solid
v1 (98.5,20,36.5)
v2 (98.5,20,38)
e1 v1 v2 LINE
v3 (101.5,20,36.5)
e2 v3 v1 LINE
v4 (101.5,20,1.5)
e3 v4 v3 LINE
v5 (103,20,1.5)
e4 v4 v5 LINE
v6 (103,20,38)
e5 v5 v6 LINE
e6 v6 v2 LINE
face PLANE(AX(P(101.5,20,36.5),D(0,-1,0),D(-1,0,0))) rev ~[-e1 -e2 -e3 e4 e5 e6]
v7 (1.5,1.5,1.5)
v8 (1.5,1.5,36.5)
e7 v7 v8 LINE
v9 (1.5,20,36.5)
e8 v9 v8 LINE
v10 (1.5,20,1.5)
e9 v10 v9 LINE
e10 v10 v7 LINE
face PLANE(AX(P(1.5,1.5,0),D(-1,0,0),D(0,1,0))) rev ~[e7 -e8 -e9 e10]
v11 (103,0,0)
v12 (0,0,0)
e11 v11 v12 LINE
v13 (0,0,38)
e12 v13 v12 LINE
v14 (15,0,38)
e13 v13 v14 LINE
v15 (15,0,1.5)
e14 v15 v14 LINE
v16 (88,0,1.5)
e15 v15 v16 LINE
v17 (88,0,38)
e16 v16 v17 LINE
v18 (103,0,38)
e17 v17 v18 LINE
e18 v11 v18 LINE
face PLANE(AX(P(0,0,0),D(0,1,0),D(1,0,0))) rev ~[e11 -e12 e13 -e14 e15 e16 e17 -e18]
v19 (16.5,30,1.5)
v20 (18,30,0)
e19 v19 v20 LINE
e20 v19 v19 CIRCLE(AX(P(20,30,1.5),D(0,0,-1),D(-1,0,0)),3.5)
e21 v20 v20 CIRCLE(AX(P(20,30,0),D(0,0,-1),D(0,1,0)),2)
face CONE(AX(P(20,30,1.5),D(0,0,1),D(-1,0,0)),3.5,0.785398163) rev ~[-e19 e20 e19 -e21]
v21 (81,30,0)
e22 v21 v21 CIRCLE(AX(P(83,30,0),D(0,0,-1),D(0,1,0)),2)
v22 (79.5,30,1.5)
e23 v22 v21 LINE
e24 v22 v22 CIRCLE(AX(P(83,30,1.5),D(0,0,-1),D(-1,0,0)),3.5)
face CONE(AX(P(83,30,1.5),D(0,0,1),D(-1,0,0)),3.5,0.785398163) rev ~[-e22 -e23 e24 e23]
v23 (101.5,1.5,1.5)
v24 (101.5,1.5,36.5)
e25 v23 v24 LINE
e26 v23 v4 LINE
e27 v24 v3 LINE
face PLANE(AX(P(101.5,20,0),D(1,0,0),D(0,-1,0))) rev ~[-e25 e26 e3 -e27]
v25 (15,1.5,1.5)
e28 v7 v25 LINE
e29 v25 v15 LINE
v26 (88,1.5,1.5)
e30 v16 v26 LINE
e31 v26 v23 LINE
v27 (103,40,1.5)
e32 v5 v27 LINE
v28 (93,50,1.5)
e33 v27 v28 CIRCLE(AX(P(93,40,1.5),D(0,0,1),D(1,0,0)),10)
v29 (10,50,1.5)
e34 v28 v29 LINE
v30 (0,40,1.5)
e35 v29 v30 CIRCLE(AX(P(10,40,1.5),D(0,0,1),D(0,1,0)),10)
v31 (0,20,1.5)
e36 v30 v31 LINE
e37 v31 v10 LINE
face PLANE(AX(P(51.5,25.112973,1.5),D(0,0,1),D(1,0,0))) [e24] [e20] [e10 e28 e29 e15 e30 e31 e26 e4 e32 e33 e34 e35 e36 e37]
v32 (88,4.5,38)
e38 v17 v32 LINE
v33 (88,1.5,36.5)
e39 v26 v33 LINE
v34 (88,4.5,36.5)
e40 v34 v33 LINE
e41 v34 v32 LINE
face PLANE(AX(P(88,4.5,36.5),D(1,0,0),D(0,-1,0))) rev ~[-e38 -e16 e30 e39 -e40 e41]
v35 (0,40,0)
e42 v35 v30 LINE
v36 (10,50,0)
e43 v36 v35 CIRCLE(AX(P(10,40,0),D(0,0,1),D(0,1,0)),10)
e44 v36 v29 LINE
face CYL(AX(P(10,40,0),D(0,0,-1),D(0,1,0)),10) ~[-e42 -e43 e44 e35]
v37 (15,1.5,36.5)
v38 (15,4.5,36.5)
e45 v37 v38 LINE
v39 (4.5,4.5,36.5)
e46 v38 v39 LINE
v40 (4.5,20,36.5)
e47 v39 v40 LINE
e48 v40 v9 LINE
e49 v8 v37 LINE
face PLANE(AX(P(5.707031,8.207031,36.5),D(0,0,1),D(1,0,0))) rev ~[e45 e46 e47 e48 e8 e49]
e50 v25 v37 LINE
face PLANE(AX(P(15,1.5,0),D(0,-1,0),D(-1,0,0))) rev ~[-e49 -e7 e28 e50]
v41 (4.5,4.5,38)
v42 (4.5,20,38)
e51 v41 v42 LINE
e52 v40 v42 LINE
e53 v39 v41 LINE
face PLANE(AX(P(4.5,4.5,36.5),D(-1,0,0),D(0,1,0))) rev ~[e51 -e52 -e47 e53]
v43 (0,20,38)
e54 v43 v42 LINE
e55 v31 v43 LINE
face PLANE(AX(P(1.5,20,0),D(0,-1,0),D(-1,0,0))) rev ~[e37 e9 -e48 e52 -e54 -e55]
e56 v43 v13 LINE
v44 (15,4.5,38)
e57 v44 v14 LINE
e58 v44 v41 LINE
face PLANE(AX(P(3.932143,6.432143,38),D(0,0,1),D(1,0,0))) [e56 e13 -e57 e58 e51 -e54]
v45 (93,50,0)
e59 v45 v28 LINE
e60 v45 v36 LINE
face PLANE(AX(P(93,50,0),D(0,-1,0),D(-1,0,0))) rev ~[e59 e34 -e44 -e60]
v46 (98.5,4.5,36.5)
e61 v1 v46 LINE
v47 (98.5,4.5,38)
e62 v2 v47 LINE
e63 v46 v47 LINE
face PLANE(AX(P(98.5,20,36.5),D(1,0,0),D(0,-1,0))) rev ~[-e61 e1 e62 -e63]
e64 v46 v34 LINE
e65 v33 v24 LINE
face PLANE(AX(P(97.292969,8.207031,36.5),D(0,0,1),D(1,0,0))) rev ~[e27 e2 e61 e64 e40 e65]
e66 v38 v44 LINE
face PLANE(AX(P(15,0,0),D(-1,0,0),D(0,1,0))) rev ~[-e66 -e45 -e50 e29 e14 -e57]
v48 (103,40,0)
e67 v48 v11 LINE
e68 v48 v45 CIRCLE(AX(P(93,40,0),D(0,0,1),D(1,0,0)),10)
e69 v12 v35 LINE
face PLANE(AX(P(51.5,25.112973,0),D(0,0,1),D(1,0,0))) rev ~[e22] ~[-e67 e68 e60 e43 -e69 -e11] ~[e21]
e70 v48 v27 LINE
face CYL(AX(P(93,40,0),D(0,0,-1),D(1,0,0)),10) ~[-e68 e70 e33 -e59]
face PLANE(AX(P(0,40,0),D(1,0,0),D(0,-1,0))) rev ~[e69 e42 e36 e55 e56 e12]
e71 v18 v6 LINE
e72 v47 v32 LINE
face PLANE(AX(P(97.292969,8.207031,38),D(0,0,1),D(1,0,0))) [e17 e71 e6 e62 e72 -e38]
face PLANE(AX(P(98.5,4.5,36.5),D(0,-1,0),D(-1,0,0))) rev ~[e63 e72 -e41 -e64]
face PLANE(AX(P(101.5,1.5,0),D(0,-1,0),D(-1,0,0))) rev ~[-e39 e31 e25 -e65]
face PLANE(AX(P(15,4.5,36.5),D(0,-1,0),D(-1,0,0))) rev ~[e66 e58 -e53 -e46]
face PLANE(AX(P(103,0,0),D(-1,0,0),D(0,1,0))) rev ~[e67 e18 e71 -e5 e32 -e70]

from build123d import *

# Parameters (mm, degrees)
F3_DEPTH       = 1.5
F4_DEPTH       = 38
F5_START       = 36.5
F5_DEPTH       = 1.5
F7_D           = 4
F7_CSINK_D     = 7
F7_CSINK_ANGLE = 90


with BuildPart() as f3:
    # F2 (on Top) → F3 (new body)
    with BuildSketch(Plane.XY):
        with BuildLine():
            Line((15, 1.5), (15, 0))
            Line((15, 0), (88, 0))
            Line((88, 0), (88, 1.5))
            Line((88, 1.5), (88, 4.5))
            Line((88, 4.5), (98.5, 4.5))
            Line((98.5, 4.5), (98.5, 20))
            Line((98.5, 20), (101.5, 20))
            Line((101.5, 20), (103, 20))
            Line((103, 20), (103, 40))
            ThreePointArc((103, 40), (100.0710678119, 47.0710678119), (93, 50))
            Line((93, 50), (10, 50))
            ThreePointArc((10, 50), (2.9289321881, 47.0710678119), (0, 40))
            Line((0, 40), (0, 20))
            Line((0, 20), (1.5, 20))
            Line((1.5, 20), (4.5, 20))
            Line((4.5, 20), (4.5, 4.5))
            Line((4.5, 4.5), (15, 4.5))
            Line((15, 4.5), (15, 1.5))
        make_face()
        Polygon((1.5, 1.5), (15, 1.5), (15, 4.5), (4.5, 4.5), (4.5, 20), (1.5, 20), align=None)
        Polygon((88, 4.5), (88, 1.5), (101.5, 1.5), (101.5, 20), (98.5, 20), (98.5, 4.5), align=None)
        Polygon((88, 1.5), (88, 0), (103, 0), (103, 20), (101.5, 20), (101.5, 1.5), align=None)
        Polygon((0, 20), (0, 0), (15, 0), (15, 1.5), (1.5, 1.5), (1.5, 20), align=None)
    extrude(amount=F3_DEPTH)

    # F2 (on Top) → F4 (join)
    with BuildSketch(Plane.XY):
        Polygon((0, 20), (0, 0), (15, 0), (15, 1.5), (1.5, 1.5), (1.5, 20), align=None)
        Polygon((88, 1.5), (88, 0), (103, 0), (103, 20), (101.5, 20), (101.5, 1.5), align=None)
    extrude(amount=F4_DEPTH)

    # F2 (on Top) → F5 (join)
    with BuildSketch(Plane.XY.offset(F5_START)):
        Polygon((88, 4.5), (88, 1.5), (101.5, 1.5), (101.5, 20), (98.5, 20), (98.5, 4.5), align=None)
        Polygon((1.5, 1.5), (15, 1.5), (15, 4.5), (4.5, 4.5), (4.5, 20), (1.5, 20), align=None)
    extrude(amount=F5_DEPTH)

    # F7 (through all)
    with Locations(Plane.XY.offset(1.5)):
        with Locations((20, 30), (83, 30)):
            CounterSinkHole(F7_D / 2, F7_CSINK_D / 2, counter_sink_angle=F7_CSINK_ANGLE)


solid = f3.part
